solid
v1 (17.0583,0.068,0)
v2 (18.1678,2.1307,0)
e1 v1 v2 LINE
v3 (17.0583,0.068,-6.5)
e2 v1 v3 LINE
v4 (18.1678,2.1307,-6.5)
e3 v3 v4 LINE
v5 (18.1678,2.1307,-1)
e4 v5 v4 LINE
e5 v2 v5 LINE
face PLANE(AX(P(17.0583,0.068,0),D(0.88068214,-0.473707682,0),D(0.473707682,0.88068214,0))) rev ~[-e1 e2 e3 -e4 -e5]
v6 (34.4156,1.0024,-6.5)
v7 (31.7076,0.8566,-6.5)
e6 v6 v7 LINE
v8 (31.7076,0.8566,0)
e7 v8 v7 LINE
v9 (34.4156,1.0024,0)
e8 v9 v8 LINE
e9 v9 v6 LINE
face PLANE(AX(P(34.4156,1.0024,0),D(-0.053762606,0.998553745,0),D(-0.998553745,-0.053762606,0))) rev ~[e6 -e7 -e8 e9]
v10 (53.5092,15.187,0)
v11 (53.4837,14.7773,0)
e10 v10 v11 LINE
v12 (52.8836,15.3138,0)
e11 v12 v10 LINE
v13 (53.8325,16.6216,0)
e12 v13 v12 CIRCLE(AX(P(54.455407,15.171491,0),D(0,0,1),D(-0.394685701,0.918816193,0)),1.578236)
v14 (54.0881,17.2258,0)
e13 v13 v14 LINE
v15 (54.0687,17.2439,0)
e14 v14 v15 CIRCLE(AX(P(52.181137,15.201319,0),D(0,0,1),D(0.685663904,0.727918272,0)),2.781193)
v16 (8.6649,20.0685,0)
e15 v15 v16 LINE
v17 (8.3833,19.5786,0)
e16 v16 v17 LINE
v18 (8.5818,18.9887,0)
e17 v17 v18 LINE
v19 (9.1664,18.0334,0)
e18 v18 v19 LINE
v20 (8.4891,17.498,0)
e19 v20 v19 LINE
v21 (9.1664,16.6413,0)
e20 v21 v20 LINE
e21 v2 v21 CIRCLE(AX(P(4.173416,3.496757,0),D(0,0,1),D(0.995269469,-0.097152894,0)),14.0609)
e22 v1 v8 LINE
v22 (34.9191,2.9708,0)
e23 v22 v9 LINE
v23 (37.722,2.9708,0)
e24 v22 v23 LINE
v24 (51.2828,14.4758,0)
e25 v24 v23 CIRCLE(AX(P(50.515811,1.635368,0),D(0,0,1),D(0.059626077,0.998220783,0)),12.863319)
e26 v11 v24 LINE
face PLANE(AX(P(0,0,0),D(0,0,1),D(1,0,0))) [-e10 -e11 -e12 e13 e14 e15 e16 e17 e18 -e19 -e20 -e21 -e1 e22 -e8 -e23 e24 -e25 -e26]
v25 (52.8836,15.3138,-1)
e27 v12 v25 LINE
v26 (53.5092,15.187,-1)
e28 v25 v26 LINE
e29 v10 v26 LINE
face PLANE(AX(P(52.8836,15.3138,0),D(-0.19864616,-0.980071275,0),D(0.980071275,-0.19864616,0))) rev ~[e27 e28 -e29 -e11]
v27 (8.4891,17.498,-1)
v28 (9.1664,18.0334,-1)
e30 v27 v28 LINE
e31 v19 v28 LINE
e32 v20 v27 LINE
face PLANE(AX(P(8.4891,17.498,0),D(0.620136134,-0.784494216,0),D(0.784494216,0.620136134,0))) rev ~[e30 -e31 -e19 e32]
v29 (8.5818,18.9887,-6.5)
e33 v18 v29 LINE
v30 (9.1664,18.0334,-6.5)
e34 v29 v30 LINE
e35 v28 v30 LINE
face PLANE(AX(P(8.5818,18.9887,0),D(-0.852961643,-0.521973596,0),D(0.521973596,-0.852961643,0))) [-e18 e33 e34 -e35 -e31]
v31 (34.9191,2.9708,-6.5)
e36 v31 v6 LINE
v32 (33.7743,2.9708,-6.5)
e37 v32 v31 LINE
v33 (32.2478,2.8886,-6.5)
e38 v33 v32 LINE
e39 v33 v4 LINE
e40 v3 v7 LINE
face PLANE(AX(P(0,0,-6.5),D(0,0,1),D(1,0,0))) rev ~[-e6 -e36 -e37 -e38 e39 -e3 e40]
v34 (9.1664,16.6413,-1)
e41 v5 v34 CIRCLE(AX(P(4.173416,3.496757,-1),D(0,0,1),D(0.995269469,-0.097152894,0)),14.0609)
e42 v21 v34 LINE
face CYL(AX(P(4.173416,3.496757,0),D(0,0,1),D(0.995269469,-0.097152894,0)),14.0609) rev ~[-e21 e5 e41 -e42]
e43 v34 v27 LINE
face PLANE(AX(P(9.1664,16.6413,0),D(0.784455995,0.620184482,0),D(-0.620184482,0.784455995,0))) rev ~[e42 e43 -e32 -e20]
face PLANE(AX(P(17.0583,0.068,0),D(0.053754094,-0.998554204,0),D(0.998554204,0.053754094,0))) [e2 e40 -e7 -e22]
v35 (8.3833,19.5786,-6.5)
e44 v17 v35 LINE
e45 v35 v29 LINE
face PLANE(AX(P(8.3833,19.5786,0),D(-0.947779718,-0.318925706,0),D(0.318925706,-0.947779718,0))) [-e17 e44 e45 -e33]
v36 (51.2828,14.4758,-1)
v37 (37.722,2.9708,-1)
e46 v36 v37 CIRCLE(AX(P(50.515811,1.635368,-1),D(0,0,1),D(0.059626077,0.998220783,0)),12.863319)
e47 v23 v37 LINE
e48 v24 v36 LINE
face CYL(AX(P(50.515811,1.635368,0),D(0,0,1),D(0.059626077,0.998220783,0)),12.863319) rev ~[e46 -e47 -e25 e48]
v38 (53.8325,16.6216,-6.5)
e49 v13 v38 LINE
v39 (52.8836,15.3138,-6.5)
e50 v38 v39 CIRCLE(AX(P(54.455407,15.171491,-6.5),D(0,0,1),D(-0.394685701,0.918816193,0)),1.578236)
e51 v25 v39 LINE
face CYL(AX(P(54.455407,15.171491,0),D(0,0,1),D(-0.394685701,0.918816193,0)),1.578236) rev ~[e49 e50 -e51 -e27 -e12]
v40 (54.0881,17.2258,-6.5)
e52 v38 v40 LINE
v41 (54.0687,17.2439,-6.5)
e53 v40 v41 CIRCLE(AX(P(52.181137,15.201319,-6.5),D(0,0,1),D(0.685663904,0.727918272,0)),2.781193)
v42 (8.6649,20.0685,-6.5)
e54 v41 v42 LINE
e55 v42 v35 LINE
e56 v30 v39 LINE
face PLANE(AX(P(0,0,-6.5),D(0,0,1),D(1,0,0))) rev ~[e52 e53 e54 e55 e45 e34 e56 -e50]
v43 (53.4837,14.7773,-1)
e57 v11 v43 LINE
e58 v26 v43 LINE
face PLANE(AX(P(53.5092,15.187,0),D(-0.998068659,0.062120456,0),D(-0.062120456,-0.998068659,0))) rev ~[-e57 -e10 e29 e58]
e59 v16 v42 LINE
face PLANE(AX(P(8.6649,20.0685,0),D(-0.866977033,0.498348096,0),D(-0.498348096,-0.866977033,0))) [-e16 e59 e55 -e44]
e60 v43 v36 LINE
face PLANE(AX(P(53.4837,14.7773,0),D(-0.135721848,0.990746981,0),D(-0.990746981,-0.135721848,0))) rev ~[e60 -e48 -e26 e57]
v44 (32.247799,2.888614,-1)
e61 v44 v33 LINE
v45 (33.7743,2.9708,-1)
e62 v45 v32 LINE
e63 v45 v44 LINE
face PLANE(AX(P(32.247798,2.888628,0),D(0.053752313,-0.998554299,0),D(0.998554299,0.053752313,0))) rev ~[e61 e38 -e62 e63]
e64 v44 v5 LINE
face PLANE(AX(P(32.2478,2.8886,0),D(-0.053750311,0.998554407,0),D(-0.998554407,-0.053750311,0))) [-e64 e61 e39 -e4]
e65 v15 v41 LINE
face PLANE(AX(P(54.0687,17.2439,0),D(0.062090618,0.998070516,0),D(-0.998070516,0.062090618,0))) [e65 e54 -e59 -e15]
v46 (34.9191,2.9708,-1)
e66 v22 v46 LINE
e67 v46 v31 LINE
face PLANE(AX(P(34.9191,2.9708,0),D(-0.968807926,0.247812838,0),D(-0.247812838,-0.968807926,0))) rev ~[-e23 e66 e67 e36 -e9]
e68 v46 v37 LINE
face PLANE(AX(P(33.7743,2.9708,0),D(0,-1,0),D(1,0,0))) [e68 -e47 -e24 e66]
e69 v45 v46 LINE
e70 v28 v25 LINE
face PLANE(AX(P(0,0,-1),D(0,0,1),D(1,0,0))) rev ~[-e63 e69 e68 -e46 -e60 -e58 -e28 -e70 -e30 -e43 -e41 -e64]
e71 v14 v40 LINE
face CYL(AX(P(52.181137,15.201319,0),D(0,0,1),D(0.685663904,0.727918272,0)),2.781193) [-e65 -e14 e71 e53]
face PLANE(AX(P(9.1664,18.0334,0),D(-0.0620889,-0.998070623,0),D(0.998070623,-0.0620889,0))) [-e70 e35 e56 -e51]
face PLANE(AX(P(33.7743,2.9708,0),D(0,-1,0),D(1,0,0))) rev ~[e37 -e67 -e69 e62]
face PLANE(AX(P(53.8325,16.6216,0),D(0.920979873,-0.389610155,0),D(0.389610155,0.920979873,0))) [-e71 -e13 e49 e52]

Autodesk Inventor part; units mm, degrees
ref_plane "YZ Plane" through (0, 0, 0) normal (1, 0, 0) x (0, 1, 0)
ref_plane "XZ Plane" through (0, 0, 0) normal (0, 1, 0) x (-1, 0, 0)
ref_plane "XY Plane" through (0, 0, 0) normal (0, 0, 1) x (1, 0, 0)
sketch "Boceto1" plane through (0, 0, 0) normal (0, 0, 1) x (1, 0, 0)
  line L0 (42.8032, 3.438) -> (42.2388, 3.4264) construction
  line L1 (32.2478, 2.8886) -> (18.1678, 2.1307)
  line L2 (8.5818, 18.9887) -> (9.1664, 18.0334)
  line L3 (9.1664, 18.0334) -> (52.8836, 15.3138)
  arc A0 (54.0881, 17.2258) -> (54.0687, 17.2439) centre (52.0315, 15.0417) ccw
  line L4 (54.0687, 17.2439) -> (8.6649, 20.0685)
  line L5 (8.6649, 20.0685) -> (8.3833, 19.5786)
  line L6 (8.3833, 19.5786) -> (8.5818, 18.9887)
  line L7 (17.0583, 0.068) -> (31.7076, 0.8566)
  line L8 (17.0583, 0.068) -> (18.1678, 2.1307)
  arc A1 (53.8325, 16.6216) -> (52.8836, 15.3138) centre (54.4554, 15.1715) ccw
  line L9 (53.8325, 16.6216) -> (54.0881, 17.2258)
  line L10 (32.2478, 2.8886) -> (18.1678, 2.1307)
  line L11 (18.1678, 2.1307) -> (33.7743, 2.9708)
  line L12 (33.7743, 2.9708) -> (34.9191, 2.9708)
  line L13 (34.9191, 2.9708) -> (34.4156, 1.0024)
  line L14 (34.4156, 1.0024) -> (31.7076, 0.8566)
  point P0 (0, 0)
  point P1 (23.6867, 2.4277)
  point P2 (23.6867, 2.4277)
  point P3 (34.3467, 2.9708)
  dimension "d40" = 2
  dimension "d41" = 2
extrude "Extrusión1" add sketch "Boceto1" against normal blind 6.5
sketch "Boceto2" plane through (0, 0, 0) normal (0, 0, 1) x (1, 0, 0)
  line L0 (8.9388, 9.1447) -> (47.9388, 9.1447) construction
  line L1 (51.4388, 12.1447) -> (51.4388, 15.3947) construction
  line L2 (9.1664, 16.6413) -> (8.4891, 17.498)
  line L3 (8.4891, 17.498) -> (9.1664, 18.0334)
  line L4 (9.1664, 18.0334) -> (52.8836, 15.3138)
  line L5 (33.7743, 2.9708) -> (18.1678, 2.1307) projected
  arc A0 (18.1678, 2.1307) -> (9.1664, 16.6413) centre (4.1736, 3.4968) ccw
  line L6 (18.1678, 2.1307) -> (33.7743, 2.9708)
  line L7 (33.7743, 2.9708) -> (37.722, 2.9708)
  arc A1 (51.2828, 14.4758) -> (37.722, 2.9708) centre (50.5158, 1.6354) ccw
  line L8 (52.8836, 15.3138) -> (53.5092, 15.187)
  line L9 (53.5092, 15.187) -> (53.4837, 14.7773)
  line L10 (53.4837, 14.7773) -> (51.2828, 14.4758)
  point P0 (0, 0)
  point P1 (1.4388, 9.1447)
  point P2 (23.6867, 2.4277)
  point P3 (51.9388, 13.5511)
  point P4 (32.2478, 2.8886)
  point P5 (40.9403, 9.1447)
  point P6 (32.2478, 2.8886)
  dimension "d27" = 3.5
  dimension "d31" = 3.25
extrude "Extrusión2" add sketch "Boceto2" against normal blind 1
properties part number "Pieza1_Carcasa_3DPrint"
